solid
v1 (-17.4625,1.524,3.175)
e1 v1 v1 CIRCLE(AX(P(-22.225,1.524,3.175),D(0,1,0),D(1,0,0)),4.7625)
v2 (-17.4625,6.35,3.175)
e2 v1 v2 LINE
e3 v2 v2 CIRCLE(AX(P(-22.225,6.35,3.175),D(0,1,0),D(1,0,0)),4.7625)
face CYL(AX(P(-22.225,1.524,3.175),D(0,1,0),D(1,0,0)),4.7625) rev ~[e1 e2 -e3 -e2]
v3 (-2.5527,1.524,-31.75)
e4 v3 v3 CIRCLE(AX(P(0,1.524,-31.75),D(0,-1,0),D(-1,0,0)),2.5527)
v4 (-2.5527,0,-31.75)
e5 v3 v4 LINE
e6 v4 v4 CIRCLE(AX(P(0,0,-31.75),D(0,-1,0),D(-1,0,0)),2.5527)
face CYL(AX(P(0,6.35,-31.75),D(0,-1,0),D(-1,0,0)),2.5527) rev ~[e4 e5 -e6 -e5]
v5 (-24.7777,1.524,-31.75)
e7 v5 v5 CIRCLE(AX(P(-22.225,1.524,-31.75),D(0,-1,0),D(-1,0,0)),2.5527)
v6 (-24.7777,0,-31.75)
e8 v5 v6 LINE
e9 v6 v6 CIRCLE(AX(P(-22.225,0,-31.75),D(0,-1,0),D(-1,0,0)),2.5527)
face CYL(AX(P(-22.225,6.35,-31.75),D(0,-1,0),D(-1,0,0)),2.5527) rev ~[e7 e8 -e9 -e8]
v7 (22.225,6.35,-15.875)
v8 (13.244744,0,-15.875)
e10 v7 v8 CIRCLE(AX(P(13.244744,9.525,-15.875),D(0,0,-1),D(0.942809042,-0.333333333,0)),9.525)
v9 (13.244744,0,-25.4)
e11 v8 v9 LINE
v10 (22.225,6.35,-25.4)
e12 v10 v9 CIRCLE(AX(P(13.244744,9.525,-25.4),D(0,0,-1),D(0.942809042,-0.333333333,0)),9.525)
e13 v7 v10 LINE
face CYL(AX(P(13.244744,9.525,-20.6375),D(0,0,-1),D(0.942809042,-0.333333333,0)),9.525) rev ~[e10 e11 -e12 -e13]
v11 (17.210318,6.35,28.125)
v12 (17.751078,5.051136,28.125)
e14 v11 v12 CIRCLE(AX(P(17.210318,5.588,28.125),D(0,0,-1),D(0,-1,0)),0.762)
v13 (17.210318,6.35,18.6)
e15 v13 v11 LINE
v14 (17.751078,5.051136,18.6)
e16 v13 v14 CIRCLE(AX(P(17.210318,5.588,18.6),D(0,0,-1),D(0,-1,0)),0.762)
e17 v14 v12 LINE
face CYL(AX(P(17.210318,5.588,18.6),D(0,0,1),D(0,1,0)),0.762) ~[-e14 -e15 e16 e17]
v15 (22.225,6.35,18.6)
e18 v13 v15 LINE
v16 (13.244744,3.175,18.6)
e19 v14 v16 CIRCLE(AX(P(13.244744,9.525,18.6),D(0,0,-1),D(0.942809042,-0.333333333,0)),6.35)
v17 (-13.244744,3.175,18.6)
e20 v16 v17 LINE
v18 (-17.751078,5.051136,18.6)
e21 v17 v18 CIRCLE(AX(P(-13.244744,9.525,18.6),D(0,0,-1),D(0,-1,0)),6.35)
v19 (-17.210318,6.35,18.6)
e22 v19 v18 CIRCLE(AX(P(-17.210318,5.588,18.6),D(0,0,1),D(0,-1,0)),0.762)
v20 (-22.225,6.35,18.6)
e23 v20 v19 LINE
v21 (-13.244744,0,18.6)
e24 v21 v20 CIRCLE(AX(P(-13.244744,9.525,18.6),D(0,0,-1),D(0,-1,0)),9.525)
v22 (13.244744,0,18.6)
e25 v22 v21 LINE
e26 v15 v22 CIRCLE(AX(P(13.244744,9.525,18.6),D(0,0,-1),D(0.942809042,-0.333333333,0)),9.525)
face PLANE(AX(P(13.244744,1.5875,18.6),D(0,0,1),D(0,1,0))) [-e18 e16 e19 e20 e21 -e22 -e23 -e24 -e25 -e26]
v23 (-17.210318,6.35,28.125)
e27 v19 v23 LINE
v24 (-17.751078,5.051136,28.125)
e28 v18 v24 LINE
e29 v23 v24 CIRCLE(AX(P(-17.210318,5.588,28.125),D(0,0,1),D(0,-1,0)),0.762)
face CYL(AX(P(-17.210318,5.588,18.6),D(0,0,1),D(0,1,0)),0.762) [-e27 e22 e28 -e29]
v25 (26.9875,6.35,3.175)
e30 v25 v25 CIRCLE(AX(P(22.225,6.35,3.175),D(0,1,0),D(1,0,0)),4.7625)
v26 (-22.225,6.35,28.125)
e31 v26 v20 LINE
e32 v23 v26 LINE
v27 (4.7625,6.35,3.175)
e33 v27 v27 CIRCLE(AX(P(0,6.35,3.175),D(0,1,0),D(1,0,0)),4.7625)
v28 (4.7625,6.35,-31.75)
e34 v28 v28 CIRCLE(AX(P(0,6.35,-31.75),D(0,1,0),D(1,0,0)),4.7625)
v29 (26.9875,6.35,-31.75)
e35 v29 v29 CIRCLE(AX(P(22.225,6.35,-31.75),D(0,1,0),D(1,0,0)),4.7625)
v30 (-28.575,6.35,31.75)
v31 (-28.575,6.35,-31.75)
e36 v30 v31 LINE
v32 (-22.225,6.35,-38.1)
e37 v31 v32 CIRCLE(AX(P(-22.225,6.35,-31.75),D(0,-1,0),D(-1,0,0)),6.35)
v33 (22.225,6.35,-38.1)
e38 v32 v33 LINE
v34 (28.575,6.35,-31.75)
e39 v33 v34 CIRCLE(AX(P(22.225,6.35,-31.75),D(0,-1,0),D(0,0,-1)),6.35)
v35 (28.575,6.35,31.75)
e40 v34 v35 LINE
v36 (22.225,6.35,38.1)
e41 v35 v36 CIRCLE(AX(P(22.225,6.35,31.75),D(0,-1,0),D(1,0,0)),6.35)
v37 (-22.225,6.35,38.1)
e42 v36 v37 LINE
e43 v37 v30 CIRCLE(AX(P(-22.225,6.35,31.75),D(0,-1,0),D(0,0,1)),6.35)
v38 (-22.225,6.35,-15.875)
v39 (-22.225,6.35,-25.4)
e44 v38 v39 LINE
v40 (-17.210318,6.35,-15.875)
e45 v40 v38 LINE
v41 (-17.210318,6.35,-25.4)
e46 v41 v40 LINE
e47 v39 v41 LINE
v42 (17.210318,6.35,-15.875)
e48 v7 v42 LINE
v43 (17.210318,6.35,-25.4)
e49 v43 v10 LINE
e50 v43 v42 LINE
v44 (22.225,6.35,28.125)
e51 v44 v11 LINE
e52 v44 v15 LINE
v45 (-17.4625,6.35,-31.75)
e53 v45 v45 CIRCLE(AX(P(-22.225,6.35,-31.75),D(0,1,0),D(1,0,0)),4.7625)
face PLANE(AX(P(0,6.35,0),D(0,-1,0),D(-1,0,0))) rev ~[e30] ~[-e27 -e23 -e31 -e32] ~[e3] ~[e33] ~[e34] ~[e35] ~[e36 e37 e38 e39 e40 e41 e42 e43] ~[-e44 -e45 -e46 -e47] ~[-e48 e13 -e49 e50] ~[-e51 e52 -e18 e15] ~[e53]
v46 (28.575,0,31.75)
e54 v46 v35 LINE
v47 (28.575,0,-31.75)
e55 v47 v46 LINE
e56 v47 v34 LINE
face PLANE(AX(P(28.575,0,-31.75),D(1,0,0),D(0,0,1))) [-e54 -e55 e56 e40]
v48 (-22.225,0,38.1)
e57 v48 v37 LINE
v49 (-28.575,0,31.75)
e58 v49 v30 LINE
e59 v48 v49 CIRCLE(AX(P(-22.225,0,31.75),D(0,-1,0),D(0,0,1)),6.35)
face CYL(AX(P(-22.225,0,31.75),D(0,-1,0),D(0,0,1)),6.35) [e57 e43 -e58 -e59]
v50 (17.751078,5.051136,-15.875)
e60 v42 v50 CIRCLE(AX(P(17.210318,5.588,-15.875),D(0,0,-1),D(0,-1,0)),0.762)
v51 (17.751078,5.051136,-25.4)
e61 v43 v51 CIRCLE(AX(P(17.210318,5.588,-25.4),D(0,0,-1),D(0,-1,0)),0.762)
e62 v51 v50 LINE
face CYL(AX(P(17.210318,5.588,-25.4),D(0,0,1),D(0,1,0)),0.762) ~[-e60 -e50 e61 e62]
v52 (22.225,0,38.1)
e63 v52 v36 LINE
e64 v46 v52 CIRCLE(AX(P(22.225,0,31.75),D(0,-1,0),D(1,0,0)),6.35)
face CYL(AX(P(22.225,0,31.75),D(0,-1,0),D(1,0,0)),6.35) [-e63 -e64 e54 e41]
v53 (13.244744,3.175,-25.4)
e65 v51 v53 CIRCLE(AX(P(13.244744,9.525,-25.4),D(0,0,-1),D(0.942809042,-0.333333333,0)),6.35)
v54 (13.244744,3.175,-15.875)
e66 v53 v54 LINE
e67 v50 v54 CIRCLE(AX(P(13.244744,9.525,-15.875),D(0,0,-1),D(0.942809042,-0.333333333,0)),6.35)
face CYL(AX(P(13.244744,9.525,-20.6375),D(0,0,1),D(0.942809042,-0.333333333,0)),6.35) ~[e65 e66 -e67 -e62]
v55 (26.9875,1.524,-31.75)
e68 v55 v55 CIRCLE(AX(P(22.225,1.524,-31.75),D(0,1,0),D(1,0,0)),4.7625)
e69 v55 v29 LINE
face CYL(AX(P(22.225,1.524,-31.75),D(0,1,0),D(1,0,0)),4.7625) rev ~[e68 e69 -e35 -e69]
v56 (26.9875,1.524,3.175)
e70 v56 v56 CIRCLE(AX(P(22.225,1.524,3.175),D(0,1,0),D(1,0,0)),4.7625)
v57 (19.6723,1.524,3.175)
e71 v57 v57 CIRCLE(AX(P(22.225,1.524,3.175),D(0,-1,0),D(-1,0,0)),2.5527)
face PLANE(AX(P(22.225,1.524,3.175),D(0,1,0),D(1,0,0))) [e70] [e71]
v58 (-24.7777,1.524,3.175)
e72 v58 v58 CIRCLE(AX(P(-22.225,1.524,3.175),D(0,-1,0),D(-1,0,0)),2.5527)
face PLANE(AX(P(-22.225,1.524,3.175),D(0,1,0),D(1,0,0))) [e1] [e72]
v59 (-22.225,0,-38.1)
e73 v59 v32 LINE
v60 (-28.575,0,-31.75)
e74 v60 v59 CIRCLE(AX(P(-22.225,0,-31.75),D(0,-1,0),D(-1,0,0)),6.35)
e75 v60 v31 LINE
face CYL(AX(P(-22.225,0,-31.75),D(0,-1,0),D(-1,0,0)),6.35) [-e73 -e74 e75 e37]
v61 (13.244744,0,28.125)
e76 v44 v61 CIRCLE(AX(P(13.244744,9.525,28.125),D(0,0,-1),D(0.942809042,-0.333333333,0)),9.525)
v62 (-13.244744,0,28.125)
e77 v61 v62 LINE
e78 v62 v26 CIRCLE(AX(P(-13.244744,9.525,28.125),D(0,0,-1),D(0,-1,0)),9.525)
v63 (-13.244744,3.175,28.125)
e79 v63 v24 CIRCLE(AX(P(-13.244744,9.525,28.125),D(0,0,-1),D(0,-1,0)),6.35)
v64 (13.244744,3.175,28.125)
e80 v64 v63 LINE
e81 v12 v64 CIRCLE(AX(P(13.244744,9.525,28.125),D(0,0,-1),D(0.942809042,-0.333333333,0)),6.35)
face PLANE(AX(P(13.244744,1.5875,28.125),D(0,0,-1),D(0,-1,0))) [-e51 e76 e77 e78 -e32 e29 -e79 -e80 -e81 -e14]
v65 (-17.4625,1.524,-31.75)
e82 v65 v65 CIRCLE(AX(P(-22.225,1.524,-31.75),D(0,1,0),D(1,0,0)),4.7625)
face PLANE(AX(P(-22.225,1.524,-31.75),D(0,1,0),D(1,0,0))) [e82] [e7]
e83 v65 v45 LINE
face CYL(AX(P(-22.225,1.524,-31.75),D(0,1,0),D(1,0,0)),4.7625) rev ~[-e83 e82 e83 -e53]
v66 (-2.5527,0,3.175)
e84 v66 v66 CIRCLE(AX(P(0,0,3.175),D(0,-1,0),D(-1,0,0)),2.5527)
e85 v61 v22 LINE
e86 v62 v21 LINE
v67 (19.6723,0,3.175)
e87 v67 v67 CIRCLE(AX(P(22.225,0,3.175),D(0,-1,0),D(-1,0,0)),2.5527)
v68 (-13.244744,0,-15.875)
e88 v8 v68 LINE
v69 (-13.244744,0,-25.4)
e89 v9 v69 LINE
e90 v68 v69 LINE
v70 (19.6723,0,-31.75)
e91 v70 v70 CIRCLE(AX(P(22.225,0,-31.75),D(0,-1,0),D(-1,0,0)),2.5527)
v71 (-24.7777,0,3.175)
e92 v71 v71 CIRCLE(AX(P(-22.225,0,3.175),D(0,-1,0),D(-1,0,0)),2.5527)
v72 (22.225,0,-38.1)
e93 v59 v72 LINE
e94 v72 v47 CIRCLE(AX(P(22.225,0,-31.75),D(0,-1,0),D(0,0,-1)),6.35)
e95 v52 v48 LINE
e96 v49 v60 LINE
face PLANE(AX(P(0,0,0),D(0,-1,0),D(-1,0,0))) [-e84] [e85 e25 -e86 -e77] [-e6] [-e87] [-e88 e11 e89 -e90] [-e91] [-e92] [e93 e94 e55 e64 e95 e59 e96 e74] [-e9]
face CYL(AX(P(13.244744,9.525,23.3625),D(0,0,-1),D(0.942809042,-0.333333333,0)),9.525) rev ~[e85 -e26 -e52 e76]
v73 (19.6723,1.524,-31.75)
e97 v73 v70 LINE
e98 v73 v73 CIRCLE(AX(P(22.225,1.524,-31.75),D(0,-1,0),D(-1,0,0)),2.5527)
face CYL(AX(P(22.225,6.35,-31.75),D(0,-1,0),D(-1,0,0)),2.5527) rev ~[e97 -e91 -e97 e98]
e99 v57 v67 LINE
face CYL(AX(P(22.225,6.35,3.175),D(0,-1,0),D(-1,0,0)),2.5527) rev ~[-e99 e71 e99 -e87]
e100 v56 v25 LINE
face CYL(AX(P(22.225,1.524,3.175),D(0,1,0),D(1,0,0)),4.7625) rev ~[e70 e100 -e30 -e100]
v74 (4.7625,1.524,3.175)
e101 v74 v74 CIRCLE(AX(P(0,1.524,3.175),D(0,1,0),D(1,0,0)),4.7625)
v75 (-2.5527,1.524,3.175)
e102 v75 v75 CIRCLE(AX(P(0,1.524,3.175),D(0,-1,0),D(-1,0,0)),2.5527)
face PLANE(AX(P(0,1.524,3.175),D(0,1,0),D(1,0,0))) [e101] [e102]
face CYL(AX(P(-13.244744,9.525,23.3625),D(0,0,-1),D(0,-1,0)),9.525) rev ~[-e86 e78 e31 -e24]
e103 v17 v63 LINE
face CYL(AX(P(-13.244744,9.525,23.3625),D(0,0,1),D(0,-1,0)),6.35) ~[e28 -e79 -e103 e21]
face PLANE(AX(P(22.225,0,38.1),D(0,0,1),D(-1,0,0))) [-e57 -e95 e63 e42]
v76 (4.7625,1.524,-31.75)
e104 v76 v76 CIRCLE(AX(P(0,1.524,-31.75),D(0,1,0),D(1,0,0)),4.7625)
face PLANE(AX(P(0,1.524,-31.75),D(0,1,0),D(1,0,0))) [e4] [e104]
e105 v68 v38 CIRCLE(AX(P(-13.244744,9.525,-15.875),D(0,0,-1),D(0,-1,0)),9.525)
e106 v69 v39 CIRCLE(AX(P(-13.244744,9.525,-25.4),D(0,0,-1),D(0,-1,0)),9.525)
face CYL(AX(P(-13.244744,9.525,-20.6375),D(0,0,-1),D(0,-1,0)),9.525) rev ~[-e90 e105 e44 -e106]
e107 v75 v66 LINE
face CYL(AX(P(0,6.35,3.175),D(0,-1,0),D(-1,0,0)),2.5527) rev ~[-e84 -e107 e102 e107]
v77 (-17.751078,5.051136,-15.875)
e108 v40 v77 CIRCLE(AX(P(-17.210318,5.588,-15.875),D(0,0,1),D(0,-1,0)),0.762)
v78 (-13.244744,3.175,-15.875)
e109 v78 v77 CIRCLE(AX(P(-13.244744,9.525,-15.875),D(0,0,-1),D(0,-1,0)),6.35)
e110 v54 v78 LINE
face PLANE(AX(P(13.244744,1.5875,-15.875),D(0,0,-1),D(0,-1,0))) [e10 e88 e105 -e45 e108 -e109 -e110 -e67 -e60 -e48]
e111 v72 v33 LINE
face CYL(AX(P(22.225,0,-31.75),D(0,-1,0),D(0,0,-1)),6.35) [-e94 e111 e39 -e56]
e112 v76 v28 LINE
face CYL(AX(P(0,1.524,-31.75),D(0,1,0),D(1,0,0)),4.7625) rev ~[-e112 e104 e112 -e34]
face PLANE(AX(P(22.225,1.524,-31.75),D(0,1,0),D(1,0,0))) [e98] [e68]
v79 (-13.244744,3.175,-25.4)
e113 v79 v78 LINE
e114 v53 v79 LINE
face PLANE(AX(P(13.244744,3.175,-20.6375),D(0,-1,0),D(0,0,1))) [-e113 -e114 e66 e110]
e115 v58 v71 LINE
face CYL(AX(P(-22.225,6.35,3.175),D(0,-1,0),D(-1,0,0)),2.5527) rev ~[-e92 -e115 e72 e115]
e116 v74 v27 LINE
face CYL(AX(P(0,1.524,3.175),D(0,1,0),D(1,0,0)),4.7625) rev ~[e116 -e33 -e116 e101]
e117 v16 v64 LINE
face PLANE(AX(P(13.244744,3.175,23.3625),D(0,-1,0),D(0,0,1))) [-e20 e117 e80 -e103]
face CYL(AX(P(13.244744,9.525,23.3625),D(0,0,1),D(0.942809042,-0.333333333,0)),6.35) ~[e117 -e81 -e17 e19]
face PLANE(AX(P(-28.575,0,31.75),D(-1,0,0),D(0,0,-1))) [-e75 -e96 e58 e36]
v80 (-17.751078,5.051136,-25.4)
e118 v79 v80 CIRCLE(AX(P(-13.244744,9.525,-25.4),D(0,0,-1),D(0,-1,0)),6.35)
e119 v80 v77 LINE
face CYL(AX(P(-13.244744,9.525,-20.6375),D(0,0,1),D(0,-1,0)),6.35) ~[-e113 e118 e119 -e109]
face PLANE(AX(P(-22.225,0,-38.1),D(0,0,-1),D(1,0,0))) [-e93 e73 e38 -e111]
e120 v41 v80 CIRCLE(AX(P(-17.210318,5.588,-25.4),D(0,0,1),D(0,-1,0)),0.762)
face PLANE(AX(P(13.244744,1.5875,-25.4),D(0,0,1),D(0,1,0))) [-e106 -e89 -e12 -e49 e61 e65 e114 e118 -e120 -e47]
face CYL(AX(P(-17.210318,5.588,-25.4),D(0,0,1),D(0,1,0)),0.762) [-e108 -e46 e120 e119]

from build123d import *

# Parameters (mm, degrees)
BOSS_EXTRUDE1_DEPTH                             = 6.35
CBORE_FOR_10_SOCKET_HEAD_CAP_SCREW1_D           = 5.1054
CBORE_FOR_10_SOCKET_HEAD_CAP_SCREW1_CBORE_D     = 9.525
CBORE_FOR_10_SOCKET_HEAD_CAP_SCREW1_CBORE_DEPTH = 4.826
SKETCH5_W                                       = 9.525
SKETCH5_H                                       = 3.175
FILLET1_R                                       = 0.762


with BuildPart() as part:
    # Sketch1 → Boss-Extrude1 (new body)
    with BuildSketch(Plane(origin=(0, 0, 0), x_dir=(1, 0, 0), z_dir=(0, 1, 0))):
        with BuildLine():
            Line((22.225, -38.1), (-22.225, -38.1))
            ThreePointArc((-22.225, -38.1), (-26.715128061, -36.240128061), (-28.575, -31.75))
            Line((-28.575, -31.75), (-28.575, 31.75))
            ThreePointArc((-28.575, 31.75), (-26.715128061, 36.240128061), (-22.225, 38.1))
            Line((-22.225, 38.1), (22.225, 38.1))
            ThreePointArc((22.225, 38.1), (26.715128061, 36.240128061), (28.575, 31.75))
            Line((28.575, 31.75), (28.575, -31.75))
            ThreePointArc((28.575, -31.75), (26.715128061, -36.240128061), (22.225, -38.1))
        make_face()
    extrude(amount=BOSS_EXTRUDE1_DEPTH)

    # CBORE for #10 Socket Head Cap Screw1 (through all)
    with Locations(Plane(origin=(0, 6.35, 0), x_dir=(1, 0, 0), z_dir=(0, 1, 0))):
        with Locations((-22.225, 31.75), (0, 31.75), (22.225, 31.75), (0, -3.175), (22.225, -3.175), (-22.225, -3.175)):
            CounterBoreHole(CBORE_FOR_10_SOCKET_HEAD_CAP_SCREW1_D / 2, CBORE_FOR_10_SOCKET_HEAD_CAP_SCREW1_CBORE_D / 2, CBORE_FOR_10_SOCKET_HEAD_CAP_SCREW1_CBORE_DEPTH)

    # Cut-Sweep1: sweep along a path in Sketch6
    with BuildLine(Plane.XY) as cut_sweep1_path:
        ThreePointArc((22.225, 6.35), (18.744005193, 1.747870067), (13.244743879, 0))
        Line((13.244743879, 0), (-13.244743879, 0))
        ThreePointArc((-13.244743879, 0), (-18.744005193, 1.747870067), (-22.225, 6.35))
    # Sketch5 → Cut-Sweep1 (sweep, cut)
    with BuildSketch(Plane(origin=(0, 0, 0), x_dir=(0, 0, -1), z_dir=(1, 0, 0))):
        with Locations((20.6375, 1.5875)):
            Rectangle(SKETCH5_W, SKETCH5_H)
        with Locations((-23.3625, 1.5875)):
            Rectangle(SKETCH5_W, SKETCH5_H)
    sweep(path=cut_sweep1_path.line, mode=Mode.SUBTRACT)

    # Fillet1
    fillet1_edges = [part.edges().sort_by_distance(p)[0] for p in [
        (18.744005193, 6.35, 23.3625),
        (-18.744005193, 6.35, 23.3625),
        (18.744005193, 6.35, -20.6375),
        (-18.744005193, 6.35, -20.6375),
    ]]
    fillet(fillet1_edges, radius=FILLET1_R)


solid = part.part
